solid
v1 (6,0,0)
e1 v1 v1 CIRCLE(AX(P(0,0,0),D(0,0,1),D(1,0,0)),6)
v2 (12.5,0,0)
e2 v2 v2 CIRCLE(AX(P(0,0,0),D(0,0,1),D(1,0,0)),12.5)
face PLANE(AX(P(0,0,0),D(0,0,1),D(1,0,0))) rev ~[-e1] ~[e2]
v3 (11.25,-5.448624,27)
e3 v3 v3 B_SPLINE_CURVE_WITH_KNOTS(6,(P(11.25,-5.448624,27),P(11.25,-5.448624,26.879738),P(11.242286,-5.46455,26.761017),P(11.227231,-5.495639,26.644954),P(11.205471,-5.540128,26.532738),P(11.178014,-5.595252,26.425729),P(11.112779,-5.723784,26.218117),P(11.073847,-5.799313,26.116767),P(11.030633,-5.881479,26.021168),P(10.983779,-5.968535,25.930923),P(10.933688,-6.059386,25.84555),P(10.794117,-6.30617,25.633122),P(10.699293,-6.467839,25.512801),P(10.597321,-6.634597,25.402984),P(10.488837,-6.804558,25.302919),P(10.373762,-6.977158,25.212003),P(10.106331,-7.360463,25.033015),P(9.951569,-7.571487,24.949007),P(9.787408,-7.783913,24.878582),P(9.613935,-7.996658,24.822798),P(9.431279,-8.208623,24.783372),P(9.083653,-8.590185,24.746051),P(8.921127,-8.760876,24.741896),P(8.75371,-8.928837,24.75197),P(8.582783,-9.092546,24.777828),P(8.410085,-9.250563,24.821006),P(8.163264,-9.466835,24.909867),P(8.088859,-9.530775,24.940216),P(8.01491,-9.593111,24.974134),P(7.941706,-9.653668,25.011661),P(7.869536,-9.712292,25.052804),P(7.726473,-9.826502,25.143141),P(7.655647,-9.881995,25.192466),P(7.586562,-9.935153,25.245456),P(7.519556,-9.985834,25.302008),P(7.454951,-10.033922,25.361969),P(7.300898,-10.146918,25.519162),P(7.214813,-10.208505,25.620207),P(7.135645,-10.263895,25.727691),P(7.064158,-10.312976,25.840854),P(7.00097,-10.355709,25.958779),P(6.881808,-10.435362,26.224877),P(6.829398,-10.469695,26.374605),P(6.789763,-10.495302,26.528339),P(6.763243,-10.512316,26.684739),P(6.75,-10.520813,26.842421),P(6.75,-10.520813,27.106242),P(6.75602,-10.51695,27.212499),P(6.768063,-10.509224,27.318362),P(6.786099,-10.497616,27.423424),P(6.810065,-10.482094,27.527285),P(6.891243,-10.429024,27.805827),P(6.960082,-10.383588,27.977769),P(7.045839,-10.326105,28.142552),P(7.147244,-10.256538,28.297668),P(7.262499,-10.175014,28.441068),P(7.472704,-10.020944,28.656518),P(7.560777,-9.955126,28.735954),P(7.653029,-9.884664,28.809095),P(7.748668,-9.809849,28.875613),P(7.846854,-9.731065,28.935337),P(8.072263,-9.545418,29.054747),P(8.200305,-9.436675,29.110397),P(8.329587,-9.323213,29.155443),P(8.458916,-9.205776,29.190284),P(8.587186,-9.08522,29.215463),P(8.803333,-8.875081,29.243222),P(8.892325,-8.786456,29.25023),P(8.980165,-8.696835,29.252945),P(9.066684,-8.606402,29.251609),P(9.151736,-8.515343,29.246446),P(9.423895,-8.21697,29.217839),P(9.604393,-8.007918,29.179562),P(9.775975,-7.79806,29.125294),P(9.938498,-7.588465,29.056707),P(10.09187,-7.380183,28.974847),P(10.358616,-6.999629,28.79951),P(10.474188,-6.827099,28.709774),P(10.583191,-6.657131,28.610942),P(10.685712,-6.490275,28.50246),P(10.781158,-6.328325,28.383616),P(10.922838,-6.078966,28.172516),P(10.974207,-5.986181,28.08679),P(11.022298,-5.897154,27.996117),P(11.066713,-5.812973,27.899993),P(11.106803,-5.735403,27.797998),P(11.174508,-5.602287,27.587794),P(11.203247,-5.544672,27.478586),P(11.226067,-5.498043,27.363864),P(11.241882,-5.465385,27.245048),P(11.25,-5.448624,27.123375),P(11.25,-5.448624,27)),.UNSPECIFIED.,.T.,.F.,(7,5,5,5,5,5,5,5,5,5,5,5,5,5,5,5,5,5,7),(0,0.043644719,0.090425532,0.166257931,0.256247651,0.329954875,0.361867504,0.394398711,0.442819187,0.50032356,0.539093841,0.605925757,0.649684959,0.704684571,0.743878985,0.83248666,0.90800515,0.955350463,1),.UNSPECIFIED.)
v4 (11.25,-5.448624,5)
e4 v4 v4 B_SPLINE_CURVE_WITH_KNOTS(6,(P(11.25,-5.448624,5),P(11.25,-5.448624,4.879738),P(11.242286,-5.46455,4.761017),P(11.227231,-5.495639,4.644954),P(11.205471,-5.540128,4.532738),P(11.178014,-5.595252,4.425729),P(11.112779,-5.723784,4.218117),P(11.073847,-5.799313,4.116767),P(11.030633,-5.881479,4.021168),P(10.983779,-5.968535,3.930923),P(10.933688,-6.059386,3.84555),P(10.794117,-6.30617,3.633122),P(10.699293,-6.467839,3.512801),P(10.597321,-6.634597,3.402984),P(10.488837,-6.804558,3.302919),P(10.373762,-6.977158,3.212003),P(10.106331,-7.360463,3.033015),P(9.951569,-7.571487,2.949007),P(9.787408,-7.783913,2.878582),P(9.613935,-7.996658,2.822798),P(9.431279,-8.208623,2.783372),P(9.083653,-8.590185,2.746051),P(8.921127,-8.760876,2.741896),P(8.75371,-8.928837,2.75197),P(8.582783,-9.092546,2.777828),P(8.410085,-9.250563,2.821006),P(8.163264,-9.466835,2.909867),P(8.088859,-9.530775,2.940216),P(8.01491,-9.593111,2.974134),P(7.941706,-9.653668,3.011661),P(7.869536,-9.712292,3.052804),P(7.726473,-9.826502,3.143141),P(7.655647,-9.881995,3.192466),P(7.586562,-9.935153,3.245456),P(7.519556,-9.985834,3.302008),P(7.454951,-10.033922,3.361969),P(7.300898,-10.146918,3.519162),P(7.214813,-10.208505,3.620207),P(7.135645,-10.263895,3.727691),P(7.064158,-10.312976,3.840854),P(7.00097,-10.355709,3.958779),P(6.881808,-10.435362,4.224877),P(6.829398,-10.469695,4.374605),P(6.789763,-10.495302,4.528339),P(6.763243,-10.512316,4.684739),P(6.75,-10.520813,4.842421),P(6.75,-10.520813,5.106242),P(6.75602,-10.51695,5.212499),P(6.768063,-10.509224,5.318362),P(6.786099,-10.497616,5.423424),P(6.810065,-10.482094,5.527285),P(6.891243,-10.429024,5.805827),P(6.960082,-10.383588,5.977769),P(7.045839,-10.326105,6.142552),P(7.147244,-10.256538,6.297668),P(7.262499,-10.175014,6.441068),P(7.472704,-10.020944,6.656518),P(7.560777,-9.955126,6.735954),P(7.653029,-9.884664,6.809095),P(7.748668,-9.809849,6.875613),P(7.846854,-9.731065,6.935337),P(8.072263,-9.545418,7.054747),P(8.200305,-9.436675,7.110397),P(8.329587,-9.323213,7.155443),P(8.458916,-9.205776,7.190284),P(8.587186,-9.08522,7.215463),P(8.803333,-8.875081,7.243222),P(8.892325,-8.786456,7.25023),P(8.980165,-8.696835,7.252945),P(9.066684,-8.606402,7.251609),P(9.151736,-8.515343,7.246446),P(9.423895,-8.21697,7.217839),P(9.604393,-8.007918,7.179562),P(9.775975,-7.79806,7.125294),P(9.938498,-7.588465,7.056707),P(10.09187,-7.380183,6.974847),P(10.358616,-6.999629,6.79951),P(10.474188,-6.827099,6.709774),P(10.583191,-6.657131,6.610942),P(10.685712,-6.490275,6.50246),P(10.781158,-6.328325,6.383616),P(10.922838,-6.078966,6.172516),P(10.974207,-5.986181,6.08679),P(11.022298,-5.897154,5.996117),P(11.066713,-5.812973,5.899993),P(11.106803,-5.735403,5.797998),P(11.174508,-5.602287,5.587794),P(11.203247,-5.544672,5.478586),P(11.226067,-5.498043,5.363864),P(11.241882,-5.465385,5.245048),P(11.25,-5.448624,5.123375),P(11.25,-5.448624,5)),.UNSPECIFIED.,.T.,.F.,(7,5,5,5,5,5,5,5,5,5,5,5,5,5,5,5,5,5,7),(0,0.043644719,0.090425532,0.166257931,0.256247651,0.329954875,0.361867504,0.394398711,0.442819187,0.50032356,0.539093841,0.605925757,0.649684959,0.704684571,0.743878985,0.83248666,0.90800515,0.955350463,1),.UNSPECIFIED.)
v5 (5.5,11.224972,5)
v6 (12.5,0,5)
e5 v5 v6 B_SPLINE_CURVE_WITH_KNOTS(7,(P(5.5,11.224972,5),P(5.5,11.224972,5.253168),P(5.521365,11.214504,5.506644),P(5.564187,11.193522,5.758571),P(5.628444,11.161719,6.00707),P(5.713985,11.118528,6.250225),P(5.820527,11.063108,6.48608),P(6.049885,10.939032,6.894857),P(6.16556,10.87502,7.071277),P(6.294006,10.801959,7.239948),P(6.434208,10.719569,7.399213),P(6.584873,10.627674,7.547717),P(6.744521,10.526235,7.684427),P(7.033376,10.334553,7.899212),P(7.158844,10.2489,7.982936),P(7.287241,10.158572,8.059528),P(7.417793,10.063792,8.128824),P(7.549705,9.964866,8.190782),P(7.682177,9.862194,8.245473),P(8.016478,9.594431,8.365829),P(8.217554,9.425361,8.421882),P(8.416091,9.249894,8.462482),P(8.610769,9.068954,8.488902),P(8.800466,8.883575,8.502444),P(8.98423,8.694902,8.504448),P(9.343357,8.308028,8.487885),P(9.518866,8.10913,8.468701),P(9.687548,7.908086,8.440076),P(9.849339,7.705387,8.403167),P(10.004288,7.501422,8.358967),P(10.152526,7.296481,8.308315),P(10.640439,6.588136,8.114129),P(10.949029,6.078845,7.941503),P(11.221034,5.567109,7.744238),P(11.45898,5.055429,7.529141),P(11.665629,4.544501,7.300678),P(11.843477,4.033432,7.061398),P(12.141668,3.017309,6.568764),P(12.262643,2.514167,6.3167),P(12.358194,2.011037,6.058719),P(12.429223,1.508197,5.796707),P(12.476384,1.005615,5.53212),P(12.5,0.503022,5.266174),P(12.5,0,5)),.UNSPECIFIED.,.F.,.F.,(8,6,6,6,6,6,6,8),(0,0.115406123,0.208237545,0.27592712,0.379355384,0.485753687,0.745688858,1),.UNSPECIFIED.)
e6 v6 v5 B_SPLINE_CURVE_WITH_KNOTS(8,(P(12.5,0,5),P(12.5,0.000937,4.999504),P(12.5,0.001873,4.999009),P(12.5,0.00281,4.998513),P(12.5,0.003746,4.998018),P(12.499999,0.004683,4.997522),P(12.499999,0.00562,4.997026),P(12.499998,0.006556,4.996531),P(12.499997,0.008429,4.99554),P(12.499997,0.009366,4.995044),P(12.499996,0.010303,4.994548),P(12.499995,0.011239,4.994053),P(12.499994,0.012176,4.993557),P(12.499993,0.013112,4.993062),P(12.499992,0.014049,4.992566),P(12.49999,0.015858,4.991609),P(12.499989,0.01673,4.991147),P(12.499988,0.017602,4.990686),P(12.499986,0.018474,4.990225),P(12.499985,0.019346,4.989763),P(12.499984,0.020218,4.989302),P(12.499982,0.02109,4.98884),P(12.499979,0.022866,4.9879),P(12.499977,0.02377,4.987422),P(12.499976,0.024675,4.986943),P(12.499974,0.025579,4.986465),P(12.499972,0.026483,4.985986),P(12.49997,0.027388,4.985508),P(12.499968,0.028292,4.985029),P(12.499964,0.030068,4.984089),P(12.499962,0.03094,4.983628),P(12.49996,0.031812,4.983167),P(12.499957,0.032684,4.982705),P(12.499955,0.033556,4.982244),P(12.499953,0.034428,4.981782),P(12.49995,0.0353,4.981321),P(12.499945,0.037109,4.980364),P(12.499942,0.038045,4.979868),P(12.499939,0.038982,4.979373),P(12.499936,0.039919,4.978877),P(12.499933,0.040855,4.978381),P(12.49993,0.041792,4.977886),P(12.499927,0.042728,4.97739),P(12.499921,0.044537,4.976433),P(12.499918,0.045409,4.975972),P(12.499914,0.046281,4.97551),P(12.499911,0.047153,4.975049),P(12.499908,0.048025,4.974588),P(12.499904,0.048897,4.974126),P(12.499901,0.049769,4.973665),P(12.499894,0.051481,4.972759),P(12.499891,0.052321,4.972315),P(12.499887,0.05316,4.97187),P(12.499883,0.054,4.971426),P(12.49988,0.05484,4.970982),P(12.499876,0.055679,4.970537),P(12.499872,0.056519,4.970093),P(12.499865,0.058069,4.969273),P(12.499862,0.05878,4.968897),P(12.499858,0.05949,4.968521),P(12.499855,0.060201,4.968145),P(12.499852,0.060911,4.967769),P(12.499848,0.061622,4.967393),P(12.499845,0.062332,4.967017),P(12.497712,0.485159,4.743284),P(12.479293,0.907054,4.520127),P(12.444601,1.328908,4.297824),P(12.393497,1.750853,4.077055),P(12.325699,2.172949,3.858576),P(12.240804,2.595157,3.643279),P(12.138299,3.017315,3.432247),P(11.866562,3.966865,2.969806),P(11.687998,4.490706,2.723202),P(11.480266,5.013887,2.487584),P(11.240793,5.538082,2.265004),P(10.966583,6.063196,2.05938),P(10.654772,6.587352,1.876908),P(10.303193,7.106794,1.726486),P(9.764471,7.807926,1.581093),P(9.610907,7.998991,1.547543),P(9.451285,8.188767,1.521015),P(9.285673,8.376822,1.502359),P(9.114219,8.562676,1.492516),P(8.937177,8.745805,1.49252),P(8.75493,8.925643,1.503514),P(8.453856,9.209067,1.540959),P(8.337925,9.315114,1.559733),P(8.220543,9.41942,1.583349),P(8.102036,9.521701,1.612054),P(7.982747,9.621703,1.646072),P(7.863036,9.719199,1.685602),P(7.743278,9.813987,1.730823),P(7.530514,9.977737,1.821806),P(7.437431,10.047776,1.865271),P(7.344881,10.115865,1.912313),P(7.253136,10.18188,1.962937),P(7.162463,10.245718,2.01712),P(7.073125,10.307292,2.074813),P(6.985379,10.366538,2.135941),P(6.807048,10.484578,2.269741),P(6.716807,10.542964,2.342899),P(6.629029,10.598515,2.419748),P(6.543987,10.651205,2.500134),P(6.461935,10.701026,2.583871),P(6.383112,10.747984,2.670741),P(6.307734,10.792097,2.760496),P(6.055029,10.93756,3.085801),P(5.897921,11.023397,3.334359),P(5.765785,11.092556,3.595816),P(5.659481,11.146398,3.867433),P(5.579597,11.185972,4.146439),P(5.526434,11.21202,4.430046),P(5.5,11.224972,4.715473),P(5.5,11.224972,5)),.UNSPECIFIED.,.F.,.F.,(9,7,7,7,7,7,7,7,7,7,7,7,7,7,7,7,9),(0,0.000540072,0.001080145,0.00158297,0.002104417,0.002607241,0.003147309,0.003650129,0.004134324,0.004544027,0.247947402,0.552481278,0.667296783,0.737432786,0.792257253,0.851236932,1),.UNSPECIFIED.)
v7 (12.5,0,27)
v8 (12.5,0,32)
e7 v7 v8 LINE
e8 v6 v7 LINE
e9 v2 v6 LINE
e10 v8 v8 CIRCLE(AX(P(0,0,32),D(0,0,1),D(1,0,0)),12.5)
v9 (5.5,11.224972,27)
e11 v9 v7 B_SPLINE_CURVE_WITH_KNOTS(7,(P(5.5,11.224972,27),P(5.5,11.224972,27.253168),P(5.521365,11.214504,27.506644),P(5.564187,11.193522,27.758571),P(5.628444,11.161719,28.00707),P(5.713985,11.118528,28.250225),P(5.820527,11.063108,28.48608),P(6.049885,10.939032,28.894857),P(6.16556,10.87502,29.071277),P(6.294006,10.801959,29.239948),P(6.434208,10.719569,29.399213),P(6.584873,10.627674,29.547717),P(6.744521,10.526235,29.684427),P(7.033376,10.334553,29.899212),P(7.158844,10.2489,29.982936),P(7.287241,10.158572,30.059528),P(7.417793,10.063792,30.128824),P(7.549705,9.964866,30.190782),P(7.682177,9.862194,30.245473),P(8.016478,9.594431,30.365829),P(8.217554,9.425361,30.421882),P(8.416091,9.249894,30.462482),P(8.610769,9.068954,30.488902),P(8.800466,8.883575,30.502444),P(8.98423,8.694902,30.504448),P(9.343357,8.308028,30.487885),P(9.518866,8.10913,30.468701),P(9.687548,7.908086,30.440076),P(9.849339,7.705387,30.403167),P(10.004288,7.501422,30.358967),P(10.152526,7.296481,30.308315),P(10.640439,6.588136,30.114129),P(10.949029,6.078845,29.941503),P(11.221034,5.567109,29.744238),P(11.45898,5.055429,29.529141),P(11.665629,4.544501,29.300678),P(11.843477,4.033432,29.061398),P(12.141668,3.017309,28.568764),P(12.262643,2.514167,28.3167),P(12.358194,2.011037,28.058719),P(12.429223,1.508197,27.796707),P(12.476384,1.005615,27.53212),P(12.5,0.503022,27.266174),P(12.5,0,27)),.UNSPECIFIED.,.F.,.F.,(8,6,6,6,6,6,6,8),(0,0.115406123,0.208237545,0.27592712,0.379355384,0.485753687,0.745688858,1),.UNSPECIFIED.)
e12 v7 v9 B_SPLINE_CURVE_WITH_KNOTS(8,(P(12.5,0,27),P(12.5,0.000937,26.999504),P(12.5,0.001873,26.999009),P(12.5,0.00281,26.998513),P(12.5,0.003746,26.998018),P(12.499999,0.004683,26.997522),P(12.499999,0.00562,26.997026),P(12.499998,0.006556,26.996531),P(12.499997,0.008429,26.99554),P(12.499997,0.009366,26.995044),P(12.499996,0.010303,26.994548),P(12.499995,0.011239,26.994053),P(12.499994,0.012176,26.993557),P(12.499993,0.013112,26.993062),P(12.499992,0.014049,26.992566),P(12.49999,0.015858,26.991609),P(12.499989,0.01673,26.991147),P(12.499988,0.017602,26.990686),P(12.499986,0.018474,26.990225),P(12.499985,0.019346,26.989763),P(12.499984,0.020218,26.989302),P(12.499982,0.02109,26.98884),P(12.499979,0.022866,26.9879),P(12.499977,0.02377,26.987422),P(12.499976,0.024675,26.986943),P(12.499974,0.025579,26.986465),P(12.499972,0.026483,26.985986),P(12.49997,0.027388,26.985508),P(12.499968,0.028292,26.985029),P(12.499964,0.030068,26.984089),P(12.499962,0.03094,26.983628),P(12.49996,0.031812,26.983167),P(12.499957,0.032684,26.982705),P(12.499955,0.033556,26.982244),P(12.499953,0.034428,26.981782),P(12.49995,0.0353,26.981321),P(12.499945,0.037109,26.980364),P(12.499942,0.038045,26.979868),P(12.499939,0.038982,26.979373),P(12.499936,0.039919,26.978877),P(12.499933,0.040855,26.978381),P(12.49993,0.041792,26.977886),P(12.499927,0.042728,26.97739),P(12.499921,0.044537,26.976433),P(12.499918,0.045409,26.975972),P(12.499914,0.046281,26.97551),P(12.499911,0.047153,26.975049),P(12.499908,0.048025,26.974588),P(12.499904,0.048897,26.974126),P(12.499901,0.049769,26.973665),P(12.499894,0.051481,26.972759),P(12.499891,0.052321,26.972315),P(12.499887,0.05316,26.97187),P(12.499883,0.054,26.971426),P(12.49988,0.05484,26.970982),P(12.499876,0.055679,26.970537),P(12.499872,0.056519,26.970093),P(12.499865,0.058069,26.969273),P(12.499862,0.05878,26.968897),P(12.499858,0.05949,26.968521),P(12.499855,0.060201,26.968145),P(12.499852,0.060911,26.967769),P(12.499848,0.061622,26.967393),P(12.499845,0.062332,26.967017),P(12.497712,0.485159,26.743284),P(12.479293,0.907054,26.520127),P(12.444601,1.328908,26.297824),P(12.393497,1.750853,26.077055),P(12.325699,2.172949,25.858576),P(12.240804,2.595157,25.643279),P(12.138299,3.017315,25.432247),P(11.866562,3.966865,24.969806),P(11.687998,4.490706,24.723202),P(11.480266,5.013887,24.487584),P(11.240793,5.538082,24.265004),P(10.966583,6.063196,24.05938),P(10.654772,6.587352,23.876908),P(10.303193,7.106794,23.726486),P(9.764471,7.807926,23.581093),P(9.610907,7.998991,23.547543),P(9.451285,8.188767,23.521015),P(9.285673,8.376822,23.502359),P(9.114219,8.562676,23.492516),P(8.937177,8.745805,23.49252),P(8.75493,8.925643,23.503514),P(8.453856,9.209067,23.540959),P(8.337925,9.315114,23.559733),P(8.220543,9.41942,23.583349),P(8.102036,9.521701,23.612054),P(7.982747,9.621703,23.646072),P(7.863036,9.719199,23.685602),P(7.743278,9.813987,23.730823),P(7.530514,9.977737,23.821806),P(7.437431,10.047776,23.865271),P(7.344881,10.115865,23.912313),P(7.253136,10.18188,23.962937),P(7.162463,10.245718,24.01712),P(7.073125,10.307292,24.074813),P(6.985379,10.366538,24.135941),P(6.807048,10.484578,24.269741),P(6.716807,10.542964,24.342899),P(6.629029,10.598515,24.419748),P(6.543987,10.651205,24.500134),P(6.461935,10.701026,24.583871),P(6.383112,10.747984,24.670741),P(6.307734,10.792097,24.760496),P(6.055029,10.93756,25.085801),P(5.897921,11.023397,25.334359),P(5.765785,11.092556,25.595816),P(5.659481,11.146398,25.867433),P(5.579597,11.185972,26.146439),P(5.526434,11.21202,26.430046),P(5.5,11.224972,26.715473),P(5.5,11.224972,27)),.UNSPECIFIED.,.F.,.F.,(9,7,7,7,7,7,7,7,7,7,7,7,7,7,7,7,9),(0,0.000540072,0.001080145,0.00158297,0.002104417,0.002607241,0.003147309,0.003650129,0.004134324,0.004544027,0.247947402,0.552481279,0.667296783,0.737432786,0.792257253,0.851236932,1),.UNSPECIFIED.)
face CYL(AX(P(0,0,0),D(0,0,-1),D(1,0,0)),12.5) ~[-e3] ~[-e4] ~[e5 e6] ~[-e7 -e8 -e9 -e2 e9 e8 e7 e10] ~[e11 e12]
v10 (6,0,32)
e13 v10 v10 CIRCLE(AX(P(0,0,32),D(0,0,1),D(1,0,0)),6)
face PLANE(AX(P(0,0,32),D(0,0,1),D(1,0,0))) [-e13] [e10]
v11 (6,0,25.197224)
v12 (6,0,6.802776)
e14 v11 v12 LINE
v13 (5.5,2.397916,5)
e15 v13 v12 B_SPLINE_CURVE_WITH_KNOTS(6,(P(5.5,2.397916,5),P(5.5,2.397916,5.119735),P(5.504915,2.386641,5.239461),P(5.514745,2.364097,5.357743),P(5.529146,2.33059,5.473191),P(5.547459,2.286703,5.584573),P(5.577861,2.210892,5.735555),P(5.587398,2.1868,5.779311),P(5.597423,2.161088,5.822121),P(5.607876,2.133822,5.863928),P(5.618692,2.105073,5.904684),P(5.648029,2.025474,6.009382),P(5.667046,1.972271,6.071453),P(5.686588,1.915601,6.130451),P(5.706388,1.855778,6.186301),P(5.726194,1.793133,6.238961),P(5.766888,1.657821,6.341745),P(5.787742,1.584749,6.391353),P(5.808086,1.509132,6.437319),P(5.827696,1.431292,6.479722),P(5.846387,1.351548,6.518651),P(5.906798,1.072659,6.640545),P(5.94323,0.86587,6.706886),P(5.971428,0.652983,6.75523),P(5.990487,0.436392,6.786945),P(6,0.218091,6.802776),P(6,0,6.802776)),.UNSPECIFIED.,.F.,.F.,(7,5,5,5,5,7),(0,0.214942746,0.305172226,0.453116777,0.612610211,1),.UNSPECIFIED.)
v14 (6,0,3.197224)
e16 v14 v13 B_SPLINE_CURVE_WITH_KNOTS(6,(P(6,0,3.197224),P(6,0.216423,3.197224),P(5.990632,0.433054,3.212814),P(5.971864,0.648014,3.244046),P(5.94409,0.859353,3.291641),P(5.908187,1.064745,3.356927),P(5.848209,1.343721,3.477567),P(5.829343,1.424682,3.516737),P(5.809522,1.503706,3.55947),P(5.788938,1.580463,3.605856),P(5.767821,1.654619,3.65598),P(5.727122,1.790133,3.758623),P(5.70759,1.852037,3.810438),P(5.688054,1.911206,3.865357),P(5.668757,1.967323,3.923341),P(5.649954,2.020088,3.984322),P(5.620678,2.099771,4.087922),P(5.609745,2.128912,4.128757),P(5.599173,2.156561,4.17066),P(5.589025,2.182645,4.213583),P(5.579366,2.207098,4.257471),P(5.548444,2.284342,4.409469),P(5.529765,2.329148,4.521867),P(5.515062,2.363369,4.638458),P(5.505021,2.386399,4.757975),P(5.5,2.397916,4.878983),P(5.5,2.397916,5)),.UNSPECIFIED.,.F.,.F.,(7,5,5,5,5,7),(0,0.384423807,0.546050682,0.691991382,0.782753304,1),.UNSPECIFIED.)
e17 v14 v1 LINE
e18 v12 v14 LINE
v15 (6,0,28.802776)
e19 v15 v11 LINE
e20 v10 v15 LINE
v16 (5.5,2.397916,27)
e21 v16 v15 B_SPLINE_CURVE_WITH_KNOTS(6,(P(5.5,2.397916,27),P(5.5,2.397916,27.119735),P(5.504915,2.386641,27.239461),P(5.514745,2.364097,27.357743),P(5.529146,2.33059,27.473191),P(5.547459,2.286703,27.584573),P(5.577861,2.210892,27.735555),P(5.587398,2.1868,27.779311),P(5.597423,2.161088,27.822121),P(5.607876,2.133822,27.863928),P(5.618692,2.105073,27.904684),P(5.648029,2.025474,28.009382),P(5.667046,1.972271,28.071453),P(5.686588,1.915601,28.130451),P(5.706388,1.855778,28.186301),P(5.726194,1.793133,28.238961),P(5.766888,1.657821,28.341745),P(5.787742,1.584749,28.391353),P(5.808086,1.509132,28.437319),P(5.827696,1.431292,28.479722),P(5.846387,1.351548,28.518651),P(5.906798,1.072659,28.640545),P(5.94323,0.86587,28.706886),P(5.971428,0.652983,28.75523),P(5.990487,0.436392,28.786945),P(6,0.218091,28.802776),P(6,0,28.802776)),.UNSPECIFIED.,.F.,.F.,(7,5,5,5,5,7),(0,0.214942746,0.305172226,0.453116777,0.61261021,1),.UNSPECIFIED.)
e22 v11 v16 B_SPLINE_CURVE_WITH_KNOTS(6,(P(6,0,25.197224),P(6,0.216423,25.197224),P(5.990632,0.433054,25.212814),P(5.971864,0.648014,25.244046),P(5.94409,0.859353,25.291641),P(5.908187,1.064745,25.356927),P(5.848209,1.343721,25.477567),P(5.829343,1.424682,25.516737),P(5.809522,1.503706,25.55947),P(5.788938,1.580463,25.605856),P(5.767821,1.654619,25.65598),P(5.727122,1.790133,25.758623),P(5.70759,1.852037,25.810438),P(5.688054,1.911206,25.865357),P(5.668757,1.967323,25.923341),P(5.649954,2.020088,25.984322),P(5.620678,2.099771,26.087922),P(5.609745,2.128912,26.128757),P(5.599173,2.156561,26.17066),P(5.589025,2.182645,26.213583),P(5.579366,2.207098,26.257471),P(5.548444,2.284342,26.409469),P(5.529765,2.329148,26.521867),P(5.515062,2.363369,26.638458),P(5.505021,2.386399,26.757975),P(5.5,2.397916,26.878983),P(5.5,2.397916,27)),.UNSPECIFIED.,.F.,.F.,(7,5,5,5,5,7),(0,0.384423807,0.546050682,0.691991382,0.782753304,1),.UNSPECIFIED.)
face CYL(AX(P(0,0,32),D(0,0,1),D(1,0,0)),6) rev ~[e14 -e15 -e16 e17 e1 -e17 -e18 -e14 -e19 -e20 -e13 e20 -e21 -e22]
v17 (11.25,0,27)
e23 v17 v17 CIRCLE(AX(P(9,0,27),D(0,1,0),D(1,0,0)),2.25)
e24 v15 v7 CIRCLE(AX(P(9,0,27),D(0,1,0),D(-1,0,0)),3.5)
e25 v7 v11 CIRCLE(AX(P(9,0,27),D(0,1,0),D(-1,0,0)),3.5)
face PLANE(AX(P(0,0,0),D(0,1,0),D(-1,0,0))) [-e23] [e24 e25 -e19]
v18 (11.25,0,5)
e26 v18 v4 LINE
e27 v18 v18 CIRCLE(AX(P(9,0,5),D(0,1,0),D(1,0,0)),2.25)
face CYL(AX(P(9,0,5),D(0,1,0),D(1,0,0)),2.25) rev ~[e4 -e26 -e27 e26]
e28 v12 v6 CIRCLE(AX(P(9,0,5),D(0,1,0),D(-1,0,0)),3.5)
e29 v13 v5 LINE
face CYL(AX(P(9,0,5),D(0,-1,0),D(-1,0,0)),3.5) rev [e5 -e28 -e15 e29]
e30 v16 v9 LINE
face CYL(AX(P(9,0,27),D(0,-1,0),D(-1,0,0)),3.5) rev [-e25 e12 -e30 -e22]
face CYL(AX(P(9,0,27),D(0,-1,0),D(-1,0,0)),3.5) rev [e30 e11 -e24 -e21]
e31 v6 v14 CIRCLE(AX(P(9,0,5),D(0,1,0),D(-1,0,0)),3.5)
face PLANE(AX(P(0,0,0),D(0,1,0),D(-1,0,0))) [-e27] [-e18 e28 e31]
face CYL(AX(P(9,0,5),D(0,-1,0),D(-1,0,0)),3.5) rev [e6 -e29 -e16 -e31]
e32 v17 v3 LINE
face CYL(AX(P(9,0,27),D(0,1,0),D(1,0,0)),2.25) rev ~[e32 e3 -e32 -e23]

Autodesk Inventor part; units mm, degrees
ref_plane "YZ Plane" through (0, 0, 0) normal (1, 0, 0) x (0, 1, 0)
ref_plane "XZ Plane" through (0, 0, 0) normal (0, 1, 0) x (-1, 0, 0)
ref_plane "XY Plane" through (0, 0, 0) normal (0, 0, 1) x (1, 0, 0)
sketch "Szkic1" plane through (0, 0, 0) normal (0, 0, 1) x (1, 0, 0)
  circle A0 centre (0, 0) radius 12.5
  dimension "d0" = 25
extrude "Wyciągnięcie proste1" add sketch "Szkic1" along normal blind 32
sketch "Szkic2" plane through (0, 0, 32) normal (0, 0, 1) x (1, 0, 0)
  circle A0 centre (0, 0) radius 6
  dimension "d3" = 12
extrude "Wyciągnięcie proste2" cut sketch "Szkic2" against normal blind 32
sketch "Szkic3" plane through (0, 0, 0) normal (0, 1, 0) x (-1, 0, 0)
  circle A0 centre (-9, 5) radius 2
  circle A1 centre (-9, 27) radius 2
  line L0 (0, 0) -> (0, -10.8071)
  circle A2 centre (-9, 27) radius 3.5
  circle A3 centre (-9, 5) radius 3.5
  line L1 (-12.5, 0) -> (12.5, 0) projected
  line L2 (12.5, 32) -> (-12.5, 32) projected
  dimension "d6" = 4
  dimension "d7" = 4
  dimension "d8" = 9
  dimension "d9" = 9
  dimension "d10" = 7
  dimension "d11" = 7
  dimension "d12" = 5
  dimension "d13" = 5
extrude "Wyciągnięcie proste3" cut sketch "Szkic3" along normal blind 32 contours A0 | A1 | A2 | A3
sketch "Szkic4" plane through (0, 0, 0) normal (0, 1, 0) x (1, 0, 0)
  circle A0 centre (9, -27) radius 2.25
  circle A1 centre (9, -5) radius 2.25
  arc A2 (6, -6.8028) -> (12.5, -5) centre (9, -5) ccw projected
  arc A3 (12.5, -27) -> (6, -25.1972) centre (9, -27) ccw projected
  point P0 (0, 0)
  dimension "d16" = 4.5
  dimension "d17" = 4.5
extrude "Wyciągnięcie proste4" cut sketch "Szkic4" against normal blind 32
properties part number "Cartesian1_12_12_Clutch" material "Stal, stopowa"
